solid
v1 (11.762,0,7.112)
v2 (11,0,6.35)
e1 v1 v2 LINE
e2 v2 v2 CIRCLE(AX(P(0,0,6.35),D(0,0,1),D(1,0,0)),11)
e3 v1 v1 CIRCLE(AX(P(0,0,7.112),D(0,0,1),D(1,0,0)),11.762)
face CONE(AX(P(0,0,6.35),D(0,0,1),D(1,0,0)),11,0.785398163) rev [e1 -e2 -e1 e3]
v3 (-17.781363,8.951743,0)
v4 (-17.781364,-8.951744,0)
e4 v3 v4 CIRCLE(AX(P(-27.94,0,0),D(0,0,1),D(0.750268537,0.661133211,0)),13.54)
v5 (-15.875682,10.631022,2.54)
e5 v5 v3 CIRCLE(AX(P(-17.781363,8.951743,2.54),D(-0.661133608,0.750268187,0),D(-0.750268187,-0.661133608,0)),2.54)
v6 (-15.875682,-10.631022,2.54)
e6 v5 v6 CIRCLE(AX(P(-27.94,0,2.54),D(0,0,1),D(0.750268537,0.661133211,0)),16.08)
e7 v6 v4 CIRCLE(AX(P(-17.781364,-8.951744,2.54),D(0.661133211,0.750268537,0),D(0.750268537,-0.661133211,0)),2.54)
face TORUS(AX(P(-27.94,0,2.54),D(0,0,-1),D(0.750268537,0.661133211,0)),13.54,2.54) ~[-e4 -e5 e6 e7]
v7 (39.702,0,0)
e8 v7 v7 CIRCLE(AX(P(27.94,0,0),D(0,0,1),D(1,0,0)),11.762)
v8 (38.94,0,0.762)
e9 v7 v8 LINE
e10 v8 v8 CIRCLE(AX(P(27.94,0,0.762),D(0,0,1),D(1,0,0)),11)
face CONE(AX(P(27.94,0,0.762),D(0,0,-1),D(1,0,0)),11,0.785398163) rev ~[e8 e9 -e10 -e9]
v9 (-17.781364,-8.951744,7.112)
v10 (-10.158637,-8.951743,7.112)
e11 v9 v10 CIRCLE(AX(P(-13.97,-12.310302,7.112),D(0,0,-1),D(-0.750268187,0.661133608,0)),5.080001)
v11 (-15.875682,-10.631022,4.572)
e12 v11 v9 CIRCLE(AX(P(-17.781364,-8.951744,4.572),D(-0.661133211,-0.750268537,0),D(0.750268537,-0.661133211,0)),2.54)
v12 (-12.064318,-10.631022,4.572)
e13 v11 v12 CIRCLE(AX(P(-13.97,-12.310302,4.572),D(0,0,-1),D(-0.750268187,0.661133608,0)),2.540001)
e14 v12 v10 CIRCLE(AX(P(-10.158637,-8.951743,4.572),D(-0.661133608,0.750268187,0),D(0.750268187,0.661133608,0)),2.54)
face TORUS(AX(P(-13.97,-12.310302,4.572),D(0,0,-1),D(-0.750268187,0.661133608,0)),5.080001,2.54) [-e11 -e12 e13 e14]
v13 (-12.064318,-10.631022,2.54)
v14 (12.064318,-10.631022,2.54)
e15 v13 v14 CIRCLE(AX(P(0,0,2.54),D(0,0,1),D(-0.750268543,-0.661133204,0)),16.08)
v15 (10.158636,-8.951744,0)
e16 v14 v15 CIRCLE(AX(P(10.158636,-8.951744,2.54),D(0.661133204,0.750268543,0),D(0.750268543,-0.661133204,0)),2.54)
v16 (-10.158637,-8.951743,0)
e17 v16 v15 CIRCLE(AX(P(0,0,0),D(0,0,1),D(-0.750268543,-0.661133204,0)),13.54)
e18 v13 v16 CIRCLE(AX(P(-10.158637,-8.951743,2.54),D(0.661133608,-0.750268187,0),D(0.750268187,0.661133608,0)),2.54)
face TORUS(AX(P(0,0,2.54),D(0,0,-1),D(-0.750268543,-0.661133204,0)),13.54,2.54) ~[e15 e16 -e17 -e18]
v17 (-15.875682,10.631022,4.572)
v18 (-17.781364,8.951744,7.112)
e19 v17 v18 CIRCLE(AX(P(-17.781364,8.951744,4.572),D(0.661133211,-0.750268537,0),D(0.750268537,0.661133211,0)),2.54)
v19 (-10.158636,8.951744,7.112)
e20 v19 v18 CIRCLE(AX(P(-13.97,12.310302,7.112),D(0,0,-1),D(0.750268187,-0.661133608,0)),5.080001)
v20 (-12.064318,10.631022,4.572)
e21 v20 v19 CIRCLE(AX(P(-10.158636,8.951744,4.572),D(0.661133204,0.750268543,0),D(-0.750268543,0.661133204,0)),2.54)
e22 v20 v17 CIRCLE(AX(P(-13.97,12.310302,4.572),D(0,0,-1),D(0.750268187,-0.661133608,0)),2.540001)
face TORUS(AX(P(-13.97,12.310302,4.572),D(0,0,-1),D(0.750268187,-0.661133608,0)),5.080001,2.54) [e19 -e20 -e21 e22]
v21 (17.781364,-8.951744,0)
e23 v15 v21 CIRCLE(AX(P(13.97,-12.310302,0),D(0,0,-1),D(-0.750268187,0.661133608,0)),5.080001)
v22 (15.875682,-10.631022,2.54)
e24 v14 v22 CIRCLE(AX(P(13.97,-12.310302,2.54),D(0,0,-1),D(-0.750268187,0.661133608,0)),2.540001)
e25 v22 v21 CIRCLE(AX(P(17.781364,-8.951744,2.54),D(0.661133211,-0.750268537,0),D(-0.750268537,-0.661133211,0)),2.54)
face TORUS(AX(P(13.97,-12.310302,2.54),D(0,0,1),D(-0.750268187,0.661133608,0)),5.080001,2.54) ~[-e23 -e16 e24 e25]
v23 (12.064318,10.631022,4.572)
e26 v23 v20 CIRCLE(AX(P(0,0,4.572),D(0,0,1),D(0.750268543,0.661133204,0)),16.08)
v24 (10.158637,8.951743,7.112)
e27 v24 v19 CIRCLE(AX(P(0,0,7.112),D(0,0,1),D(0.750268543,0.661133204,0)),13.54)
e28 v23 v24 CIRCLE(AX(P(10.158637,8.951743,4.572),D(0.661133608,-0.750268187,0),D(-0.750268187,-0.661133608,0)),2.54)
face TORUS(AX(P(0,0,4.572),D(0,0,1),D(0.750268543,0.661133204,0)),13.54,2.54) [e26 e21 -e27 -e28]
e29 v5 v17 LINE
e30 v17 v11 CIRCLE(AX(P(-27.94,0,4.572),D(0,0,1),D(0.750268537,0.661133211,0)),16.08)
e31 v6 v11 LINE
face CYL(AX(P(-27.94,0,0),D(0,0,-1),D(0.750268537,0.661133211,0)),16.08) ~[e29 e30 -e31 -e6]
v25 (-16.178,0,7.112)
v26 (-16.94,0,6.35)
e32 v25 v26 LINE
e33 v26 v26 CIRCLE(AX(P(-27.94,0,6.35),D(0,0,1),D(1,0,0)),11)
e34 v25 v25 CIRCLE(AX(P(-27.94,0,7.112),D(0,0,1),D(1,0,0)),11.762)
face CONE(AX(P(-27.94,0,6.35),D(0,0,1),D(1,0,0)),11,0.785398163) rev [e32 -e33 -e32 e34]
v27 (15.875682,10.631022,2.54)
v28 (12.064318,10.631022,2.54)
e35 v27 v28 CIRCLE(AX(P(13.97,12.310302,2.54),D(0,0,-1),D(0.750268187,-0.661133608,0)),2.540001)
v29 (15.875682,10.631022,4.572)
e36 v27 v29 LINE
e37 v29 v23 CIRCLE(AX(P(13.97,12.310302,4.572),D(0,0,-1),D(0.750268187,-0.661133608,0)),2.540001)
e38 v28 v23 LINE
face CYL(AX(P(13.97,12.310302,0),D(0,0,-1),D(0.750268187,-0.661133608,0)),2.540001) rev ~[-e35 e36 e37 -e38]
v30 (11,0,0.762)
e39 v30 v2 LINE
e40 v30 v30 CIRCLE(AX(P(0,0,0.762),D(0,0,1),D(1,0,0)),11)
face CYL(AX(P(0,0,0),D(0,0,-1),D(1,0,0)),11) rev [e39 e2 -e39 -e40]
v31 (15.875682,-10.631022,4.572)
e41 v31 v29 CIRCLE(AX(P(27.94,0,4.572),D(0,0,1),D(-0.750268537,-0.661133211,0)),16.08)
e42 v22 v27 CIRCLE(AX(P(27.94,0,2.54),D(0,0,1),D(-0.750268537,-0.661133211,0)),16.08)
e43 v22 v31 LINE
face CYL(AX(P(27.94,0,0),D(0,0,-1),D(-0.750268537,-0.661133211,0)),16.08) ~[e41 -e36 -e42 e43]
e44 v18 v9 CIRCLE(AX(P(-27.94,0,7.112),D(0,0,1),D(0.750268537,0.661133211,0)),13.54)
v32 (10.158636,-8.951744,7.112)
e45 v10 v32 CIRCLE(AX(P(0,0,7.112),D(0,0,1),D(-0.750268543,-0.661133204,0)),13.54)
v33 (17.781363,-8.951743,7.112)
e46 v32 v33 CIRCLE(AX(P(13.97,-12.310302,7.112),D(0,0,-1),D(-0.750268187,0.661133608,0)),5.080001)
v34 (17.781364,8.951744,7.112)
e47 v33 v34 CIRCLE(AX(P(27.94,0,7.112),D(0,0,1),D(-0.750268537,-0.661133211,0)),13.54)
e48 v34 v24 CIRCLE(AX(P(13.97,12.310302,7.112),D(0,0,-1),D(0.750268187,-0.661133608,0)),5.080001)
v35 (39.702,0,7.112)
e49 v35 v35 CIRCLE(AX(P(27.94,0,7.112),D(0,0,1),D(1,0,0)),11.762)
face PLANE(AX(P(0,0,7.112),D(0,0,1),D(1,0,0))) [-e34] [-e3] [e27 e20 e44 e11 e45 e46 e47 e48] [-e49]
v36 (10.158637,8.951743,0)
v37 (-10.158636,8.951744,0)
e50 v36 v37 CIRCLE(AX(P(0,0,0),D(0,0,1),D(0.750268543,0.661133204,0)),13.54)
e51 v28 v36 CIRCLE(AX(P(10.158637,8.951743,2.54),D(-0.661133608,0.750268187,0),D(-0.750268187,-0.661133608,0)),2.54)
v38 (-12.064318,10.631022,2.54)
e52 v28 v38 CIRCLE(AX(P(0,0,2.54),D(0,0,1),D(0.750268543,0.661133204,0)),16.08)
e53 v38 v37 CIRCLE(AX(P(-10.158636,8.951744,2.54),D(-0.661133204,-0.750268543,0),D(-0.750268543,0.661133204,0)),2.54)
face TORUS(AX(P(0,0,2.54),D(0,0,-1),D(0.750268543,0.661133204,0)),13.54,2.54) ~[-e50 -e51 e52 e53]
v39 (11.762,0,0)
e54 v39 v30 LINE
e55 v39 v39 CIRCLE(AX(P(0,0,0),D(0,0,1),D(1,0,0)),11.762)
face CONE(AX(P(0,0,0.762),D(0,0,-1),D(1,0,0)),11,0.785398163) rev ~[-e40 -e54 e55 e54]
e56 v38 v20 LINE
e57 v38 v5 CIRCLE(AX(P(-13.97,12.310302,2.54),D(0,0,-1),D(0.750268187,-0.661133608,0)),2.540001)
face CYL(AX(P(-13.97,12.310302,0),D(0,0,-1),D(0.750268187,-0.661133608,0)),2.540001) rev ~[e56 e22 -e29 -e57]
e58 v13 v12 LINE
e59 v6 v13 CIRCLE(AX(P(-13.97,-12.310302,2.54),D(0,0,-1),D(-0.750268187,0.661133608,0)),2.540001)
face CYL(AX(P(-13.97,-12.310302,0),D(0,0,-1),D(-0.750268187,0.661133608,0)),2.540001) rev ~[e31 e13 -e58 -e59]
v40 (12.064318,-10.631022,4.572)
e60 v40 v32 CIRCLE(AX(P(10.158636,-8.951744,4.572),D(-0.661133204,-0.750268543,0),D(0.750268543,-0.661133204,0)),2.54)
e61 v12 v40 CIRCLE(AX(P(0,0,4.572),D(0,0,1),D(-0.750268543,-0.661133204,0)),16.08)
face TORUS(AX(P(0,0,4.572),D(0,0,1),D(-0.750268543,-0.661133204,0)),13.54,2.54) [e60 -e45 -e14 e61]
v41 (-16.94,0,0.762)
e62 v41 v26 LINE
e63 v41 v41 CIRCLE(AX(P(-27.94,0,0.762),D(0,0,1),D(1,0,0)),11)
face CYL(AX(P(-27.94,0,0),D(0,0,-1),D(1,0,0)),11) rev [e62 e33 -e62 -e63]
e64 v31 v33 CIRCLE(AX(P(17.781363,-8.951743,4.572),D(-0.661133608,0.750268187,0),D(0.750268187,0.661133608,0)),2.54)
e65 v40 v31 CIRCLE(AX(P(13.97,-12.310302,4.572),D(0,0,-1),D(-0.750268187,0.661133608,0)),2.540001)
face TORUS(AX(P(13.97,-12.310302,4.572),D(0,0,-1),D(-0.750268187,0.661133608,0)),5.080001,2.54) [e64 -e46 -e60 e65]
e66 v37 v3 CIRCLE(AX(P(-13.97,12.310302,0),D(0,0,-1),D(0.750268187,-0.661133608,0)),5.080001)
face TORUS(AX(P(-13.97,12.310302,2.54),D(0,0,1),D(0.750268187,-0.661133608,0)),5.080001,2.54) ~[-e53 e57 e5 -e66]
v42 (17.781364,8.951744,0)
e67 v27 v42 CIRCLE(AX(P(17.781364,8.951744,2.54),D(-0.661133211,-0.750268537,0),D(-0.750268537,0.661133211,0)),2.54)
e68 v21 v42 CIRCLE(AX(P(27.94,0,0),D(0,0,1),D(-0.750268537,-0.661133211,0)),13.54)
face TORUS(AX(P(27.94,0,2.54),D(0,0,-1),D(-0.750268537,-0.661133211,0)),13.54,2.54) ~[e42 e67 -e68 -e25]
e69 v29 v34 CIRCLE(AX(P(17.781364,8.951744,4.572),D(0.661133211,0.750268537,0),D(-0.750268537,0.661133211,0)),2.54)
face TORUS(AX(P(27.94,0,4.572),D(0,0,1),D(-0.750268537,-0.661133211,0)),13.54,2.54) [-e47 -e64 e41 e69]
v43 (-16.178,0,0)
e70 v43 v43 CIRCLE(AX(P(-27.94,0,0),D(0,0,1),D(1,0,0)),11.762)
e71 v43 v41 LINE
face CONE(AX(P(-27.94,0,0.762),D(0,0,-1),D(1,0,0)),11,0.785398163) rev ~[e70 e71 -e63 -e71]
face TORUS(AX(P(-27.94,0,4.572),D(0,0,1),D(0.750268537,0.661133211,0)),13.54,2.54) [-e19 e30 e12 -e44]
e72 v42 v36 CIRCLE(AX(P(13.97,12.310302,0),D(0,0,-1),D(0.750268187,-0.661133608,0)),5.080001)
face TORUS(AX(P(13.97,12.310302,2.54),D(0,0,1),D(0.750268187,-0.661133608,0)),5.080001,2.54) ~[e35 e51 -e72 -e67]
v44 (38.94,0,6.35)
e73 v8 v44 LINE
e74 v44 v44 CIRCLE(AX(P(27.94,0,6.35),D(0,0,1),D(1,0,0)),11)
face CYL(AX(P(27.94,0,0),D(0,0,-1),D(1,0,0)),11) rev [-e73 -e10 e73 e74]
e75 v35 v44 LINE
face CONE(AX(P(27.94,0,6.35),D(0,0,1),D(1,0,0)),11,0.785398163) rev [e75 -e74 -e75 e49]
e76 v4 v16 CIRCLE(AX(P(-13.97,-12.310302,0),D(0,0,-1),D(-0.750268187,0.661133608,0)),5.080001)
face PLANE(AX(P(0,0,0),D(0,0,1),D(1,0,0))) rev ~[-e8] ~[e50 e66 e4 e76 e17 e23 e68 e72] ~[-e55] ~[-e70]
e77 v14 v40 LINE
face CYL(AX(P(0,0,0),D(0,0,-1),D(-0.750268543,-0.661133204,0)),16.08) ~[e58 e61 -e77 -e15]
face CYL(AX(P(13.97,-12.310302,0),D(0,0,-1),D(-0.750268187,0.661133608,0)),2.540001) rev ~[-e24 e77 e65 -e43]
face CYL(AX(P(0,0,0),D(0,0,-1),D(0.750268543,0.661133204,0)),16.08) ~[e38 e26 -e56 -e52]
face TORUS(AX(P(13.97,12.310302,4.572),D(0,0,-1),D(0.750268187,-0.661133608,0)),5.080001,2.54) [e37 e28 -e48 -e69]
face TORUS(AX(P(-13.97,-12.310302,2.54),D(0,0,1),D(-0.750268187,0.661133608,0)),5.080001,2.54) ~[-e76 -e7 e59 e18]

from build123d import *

# Parameters (mm, degrees)
F0_R     = 11
F1_DEPTH = 7.112
F2_R     = 2.54
F3_SIZE  = 0.762


with BuildPart() as f1:
    # F0 (on Top) → F1 (new body)
    with BuildSketch(Plane.XY):
        with BuildLine():
            ThreePointArc((-15.875682, -10.631022), (-13.97, -9.770301), (-12.064318, -10.631022))
            ThreePointArc((-12.064318, -10.631022), (0, -16.08), (12.064318, -10.631022))
            ThreePointArc((12.064318, -10.631022), (13.97, -9.770301), (15.875682, -10.631022))
            ThreePointArc((15.875682, -10.631022), (44.02, 0), (15.875682, 10.631022))
            ThreePointArc((15.875682, 10.631022), (13.97, 9.770301), (12.064318, 10.631022))
            ThreePointArc((12.064318, 10.631022), (0, 16.08), (-12.064318, 10.631022))
            ThreePointArc((-12.064318, 10.631022), (-13.97, 9.770301), (-15.875682, 10.631022))
            ThreePointArc((-15.875682, 10.631022), (-44.02, 0), (-15.875682, -10.631022))
        make_face()
        with Locations((-27.94, 0)):
            Circle(F0_R, mode=Mode.SUBTRACT)
        Circle(F0_R, mode=Mode.SUBTRACT)
        with Locations((27.94, 0)):
            Circle(F0_R, mode=Mode.SUBTRACT)
    extrude(amount=F1_DEPTH)

    # F2
    f2_edges = [f1.edges().sort_by_distance(p)[0] for p in [
        (44.02, 0, 0),
        (-44.02, 0, 7.112),
    ]]
    fillet(f2_edges, radius=F2_R)

    # F3
    f3_edges = [f1.edges().sort_by_distance(p)[0] for p in [
        (-16.94, 0, 3.556),
        (-38.94, 0, 0),
        (-38.94, 0, 7.112),
        (11, 0, 3.556),
        (-11, 0, 0),
        (-11, 0, 7.112),
        (38.94, 0, 3.556),
        (16.94, 0, 0),
        (16.94, 0, 7.112),
    ]]
    chamfer(f3_edges, length=F3_SIZE)


solid = f1.part
